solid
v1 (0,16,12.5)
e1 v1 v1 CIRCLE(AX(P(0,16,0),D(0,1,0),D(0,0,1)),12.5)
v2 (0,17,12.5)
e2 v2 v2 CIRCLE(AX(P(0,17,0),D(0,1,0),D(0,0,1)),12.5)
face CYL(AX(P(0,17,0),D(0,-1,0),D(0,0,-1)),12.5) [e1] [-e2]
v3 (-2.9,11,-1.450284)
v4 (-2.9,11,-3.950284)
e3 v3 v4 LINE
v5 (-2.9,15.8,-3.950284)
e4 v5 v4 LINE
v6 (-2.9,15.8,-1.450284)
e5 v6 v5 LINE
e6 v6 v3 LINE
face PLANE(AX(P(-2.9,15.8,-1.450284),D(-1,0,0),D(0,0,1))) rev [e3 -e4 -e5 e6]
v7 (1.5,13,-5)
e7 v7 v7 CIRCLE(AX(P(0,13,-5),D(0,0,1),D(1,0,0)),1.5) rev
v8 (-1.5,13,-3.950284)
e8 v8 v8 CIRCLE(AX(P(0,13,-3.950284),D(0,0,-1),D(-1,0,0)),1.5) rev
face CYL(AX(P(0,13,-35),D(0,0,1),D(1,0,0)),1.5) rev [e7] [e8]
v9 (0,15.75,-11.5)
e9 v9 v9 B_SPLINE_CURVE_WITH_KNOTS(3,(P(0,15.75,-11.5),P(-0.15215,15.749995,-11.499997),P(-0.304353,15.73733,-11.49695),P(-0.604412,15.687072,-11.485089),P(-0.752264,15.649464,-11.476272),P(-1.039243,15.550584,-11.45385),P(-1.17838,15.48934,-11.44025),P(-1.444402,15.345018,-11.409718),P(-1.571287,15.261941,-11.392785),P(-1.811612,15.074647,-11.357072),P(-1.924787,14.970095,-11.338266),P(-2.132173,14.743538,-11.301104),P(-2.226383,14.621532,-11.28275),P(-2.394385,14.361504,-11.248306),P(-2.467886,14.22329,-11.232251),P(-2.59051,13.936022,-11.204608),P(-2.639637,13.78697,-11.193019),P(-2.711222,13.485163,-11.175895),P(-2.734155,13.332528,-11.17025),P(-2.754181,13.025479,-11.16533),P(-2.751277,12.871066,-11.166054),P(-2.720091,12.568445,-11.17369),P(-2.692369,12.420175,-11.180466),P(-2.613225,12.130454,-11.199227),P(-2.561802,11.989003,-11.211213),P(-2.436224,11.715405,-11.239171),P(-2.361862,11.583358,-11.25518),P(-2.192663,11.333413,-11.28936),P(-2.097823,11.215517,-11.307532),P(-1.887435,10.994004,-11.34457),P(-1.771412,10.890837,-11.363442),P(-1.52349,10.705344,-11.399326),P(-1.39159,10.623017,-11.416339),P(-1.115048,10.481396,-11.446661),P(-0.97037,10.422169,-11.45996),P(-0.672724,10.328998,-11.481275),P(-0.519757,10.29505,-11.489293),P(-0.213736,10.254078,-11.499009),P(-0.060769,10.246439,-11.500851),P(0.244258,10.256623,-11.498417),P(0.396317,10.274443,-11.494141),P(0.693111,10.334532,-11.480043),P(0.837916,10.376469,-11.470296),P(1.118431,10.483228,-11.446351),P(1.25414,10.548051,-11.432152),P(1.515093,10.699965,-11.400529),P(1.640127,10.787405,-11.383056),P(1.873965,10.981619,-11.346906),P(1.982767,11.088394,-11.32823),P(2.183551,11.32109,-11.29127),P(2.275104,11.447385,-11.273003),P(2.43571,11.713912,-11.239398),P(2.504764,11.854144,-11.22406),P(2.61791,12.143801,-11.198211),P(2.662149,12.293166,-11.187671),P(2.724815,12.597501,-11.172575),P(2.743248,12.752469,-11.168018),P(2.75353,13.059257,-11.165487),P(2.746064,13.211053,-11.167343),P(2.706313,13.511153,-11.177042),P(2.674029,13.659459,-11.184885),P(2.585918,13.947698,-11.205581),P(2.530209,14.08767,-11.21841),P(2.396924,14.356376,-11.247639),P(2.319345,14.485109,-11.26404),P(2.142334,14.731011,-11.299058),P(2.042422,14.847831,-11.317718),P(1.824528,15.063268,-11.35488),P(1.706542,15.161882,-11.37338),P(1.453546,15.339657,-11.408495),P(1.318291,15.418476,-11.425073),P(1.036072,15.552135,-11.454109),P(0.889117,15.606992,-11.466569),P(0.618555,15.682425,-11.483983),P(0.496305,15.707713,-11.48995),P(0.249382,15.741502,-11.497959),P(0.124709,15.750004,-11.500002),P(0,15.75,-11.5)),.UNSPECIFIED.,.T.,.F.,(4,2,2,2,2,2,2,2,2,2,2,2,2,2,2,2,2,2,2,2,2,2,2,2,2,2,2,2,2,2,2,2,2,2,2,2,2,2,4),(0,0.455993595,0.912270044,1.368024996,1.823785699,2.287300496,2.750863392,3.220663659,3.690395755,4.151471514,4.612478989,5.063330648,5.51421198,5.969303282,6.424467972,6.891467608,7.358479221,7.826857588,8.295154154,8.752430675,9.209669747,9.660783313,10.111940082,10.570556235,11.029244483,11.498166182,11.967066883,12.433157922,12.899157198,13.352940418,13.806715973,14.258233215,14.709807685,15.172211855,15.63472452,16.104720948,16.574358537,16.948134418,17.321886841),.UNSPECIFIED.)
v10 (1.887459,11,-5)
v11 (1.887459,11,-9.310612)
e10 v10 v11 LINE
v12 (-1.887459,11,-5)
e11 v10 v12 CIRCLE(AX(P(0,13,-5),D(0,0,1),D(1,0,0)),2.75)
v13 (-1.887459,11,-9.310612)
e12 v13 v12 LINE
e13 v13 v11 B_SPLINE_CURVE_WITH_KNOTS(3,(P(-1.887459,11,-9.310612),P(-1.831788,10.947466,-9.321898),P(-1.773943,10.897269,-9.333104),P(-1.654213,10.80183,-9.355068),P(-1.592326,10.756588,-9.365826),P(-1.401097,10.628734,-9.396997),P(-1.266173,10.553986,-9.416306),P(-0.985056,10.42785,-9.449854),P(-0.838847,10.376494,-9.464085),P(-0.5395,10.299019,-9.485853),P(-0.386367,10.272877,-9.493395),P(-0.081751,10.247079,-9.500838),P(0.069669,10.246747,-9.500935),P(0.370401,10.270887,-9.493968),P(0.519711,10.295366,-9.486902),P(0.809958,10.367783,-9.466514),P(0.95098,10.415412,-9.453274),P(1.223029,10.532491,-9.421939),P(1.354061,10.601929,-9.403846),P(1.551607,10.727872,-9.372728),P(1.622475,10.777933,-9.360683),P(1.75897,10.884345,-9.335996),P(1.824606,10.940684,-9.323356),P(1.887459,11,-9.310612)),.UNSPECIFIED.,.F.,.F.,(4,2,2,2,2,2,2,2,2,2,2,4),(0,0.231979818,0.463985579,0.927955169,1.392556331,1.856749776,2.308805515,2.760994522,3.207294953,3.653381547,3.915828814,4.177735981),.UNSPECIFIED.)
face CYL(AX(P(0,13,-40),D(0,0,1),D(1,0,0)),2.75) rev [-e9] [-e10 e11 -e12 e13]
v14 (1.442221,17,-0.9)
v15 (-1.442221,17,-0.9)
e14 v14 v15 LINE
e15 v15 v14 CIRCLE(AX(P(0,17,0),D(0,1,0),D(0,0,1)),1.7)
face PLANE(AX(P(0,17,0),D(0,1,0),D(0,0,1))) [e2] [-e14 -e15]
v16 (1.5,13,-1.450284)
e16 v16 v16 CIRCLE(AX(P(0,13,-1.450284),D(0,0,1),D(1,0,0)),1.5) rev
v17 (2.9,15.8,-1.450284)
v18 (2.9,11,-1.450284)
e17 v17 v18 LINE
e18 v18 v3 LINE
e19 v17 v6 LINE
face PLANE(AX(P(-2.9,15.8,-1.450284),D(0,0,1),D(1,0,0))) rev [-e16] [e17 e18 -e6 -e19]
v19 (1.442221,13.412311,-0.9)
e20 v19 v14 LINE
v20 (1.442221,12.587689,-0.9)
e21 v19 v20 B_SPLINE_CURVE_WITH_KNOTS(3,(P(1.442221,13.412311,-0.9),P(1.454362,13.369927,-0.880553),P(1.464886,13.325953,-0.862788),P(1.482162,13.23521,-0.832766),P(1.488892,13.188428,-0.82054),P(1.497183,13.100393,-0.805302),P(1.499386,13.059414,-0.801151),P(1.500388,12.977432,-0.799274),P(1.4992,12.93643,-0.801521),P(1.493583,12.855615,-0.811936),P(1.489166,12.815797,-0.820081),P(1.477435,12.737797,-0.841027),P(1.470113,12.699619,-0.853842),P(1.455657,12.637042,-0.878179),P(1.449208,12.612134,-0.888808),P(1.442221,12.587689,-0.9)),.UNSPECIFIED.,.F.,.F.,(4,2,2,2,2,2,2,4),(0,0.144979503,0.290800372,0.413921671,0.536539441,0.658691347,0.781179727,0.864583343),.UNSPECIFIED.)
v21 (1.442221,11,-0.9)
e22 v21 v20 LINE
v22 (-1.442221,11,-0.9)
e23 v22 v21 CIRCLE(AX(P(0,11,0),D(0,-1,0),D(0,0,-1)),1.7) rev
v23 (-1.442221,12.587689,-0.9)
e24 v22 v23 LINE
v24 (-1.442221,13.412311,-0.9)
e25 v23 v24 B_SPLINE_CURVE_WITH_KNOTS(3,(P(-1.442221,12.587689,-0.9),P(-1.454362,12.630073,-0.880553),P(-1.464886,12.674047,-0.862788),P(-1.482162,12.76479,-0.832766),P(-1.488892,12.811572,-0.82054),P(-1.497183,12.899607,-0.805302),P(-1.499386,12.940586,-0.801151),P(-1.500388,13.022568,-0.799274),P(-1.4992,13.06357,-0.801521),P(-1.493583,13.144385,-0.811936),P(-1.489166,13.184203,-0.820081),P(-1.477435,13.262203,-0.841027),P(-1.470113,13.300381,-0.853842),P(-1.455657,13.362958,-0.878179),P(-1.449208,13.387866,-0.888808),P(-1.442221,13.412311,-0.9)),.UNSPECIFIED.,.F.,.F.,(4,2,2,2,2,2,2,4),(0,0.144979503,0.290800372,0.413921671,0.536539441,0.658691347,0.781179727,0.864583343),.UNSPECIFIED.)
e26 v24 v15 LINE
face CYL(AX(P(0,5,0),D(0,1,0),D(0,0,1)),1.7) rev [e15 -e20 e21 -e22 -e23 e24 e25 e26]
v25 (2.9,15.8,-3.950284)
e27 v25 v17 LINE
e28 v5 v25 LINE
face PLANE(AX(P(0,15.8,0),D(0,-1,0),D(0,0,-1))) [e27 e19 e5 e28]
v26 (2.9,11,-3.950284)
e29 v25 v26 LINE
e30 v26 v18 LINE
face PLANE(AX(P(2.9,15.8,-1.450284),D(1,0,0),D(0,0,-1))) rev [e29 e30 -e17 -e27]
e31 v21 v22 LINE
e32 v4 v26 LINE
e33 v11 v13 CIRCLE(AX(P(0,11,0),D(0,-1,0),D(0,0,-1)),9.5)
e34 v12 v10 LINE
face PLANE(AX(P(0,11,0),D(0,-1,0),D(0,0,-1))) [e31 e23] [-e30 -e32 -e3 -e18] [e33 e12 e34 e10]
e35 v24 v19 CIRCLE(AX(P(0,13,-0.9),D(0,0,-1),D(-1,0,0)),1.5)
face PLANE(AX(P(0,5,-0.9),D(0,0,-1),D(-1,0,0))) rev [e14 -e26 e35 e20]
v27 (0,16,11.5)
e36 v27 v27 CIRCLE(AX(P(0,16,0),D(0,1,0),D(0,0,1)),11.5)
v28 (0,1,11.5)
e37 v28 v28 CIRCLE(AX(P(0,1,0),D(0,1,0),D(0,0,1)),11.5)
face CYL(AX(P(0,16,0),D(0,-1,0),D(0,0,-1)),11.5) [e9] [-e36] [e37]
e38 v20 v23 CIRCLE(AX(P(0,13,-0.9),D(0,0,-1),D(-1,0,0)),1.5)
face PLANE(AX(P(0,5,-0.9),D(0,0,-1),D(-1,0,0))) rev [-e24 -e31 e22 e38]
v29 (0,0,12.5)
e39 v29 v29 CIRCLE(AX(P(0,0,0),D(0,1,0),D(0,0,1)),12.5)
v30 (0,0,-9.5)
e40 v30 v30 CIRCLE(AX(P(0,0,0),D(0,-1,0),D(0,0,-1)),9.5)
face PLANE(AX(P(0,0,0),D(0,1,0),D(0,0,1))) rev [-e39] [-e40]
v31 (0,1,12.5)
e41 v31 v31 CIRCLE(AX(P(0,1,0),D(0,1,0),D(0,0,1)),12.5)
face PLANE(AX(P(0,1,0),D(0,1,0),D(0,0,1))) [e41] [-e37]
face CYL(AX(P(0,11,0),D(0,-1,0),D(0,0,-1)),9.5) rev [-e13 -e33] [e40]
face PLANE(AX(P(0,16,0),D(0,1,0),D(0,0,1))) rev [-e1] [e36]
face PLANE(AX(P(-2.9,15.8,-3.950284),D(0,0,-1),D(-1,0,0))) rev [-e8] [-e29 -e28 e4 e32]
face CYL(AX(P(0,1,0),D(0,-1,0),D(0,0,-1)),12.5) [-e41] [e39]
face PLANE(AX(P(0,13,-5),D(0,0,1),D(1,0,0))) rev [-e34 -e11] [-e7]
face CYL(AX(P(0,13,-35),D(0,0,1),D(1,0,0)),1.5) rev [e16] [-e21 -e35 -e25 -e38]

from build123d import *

# Parameters (mm, degrees)
ESBO_O1_R                = 12.5
RESSALTO_EXTRUS_O1_DEPTH = 1
ESBO_O2_R                = 11.5
RESSALTO_EXTRUS_O2_DEPTH = 15
ESBO_O3_R                = 12.5
RESSALTO_EXTRUS_O3_DEPTH = 1
CORTE_EXTRUS_O1_DEPTH    = 12
CORTE_EXTRUS_O2_DEPTH    = 35
CORTE_EXTRUS_O3_START    = -5
ESBO_O7_R                = 2.75
CORTE_EXTRUS_O3_DEPTH    = 35
ESBO_O8_R                = 9.5
CORTE_EXTRUS_O4_DEPTH    = 11
ESBO_O9_W                = 5.8
ESBO_O9_H                = 2.5
CORTE_EXTRUS_O5_DEPTH    = 4.8


with BuildPart() as part:
    # Esboço1 → Ressalto-extrusão1 (new body)
    with BuildSketch(Plane(origin=(0, 0, 0), x_dir=(1, 0, 0), z_dir=(0, 1, 0))):
        with Locations(Location((0, 0, 0), (0, 0, 270))):
            Circle(ESBO_O1_R)
    extrude(amount=RESSALTO_EXTRUS_O1_DEPTH)

    # Esboço2 → Ressalto-extrusão2 (add)
    with BuildSketch(Plane(origin=(0, 1, 0), x_dir=(1, 0, 0), z_dir=(0, 1, 0))):
        with Locations(Location((0, 0, 0), (0, 0, 270))):
            Circle(ESBO_O2_R)
    extrude(amount=RESSALTO_EXTRUS_O2_DEPTH)

    # Esboço3 → Ressalto-extrusão3 (add)
    with BuildSketch(Plane(origin=(0, 16, 0), x_dir=(1, 0, 0), z_dir=(0, 1, 0))):
        with Locations(Location((0, 0, 0), (0, 0, 270))):
            Circle(ESBO_O3_R)
    extrude(amount=RESSALTO_EXTRUS_O3_DEPTH)

    # Esboço4 → Corte-extrusão1 (cut)
    with BuildSketch(Plane(origin=(0, 17, 0), x_dir=(1, 0, 0), z_dir=(0, 1, 0))):
        with BuildLine():
            ThreePointArc((-1.44222051, 0.9), (-1.486606875, -0.824621125), (0, -1.7))
            Line((0, -1.7), (0, 0.9))
            Line((0, 0.9), (-1.44222051, 0.9))
        make_face()
        with BuildLine():
            Line((0, 0.9), (0, -1.7))
            ThreePointArc((0, -1.7), (1.202081528, -1.202081528), (1.7, 0))
            ThreePointArc((1.7, 0), (1.634284992, 0.468094613), (1.44222051, 0.9))
            Line((1.44222051, 0.9), (0, 0.9))
        make_face()
    extrude(amount=-CORTE_EXTRUS_O1_DEPTH, mode=Mode.SUBTRACT)

    # Esboço6 → Corte-extrusão2 (cut)
    with BuildSketch(Plane.XY):
        with BuildLine():
            ThreePointArc((0, 14.5), (-1.5, 13), (0, 11.5))
            Line((0, 11.5), (0, 13))
            Line((0, 13), (0, 14.5))
        make_face()
        with BuildLine():
            Line((0, 13), (0, 11.5))
            ThreePointArc((0, 11.5), (1.060660172, 11.939339828), (1.5, 13))
            ThreePointArc((1.5, 13), (1.060660172, 14.060660172), (0, 14.5))
            Line((0, 14.5), (0, 13))
        make_face()
    extrude(amount=-CORTE_EXTRUS_O2_DEPTH, mode=Mode.SUBTRACT)

    # Esboço7 → Corte-extrusão3 (cut)
    with BuildSketch(Plane.XY.offset(CORTE_EXTRUS_O3_START)):
        with Locations((0, 13)):
            Circle(ESBO_O7_R)
    extrude(amount=-CORTE_EXTRUS_O3_DEPTH, mode=Mode.SUBTRACT)

    # Esboço8 → Corte-extrusão4 (cut)
    with BuildSketch(Plane(origin=(0, 0, 0), x_dir=(-1, 0, 0), z_dir=(0, -1, 0))):
        with Locations(Location((0, 0, 0), (0, 0, 90))):
            Circle(ESBO_O8_R)
    extrude(amount=-CORTE_EXTRUS_O4_DEPTH, mode=Mode.SUBTRACT)

    # Esboço9 → Corte-extrusão5 (cut)
    with BuildSketch(Plane.XZ.offset(-11)):
        with Locations((0, -2.700284177)):
            Rectangle(ESBO_O9_W, ESBO_O9_H)
    extrude(amount=-CORTE_EXTRUS_O5_DEPTH, mode=Mode.SUBTRACT)


solid = part.part
